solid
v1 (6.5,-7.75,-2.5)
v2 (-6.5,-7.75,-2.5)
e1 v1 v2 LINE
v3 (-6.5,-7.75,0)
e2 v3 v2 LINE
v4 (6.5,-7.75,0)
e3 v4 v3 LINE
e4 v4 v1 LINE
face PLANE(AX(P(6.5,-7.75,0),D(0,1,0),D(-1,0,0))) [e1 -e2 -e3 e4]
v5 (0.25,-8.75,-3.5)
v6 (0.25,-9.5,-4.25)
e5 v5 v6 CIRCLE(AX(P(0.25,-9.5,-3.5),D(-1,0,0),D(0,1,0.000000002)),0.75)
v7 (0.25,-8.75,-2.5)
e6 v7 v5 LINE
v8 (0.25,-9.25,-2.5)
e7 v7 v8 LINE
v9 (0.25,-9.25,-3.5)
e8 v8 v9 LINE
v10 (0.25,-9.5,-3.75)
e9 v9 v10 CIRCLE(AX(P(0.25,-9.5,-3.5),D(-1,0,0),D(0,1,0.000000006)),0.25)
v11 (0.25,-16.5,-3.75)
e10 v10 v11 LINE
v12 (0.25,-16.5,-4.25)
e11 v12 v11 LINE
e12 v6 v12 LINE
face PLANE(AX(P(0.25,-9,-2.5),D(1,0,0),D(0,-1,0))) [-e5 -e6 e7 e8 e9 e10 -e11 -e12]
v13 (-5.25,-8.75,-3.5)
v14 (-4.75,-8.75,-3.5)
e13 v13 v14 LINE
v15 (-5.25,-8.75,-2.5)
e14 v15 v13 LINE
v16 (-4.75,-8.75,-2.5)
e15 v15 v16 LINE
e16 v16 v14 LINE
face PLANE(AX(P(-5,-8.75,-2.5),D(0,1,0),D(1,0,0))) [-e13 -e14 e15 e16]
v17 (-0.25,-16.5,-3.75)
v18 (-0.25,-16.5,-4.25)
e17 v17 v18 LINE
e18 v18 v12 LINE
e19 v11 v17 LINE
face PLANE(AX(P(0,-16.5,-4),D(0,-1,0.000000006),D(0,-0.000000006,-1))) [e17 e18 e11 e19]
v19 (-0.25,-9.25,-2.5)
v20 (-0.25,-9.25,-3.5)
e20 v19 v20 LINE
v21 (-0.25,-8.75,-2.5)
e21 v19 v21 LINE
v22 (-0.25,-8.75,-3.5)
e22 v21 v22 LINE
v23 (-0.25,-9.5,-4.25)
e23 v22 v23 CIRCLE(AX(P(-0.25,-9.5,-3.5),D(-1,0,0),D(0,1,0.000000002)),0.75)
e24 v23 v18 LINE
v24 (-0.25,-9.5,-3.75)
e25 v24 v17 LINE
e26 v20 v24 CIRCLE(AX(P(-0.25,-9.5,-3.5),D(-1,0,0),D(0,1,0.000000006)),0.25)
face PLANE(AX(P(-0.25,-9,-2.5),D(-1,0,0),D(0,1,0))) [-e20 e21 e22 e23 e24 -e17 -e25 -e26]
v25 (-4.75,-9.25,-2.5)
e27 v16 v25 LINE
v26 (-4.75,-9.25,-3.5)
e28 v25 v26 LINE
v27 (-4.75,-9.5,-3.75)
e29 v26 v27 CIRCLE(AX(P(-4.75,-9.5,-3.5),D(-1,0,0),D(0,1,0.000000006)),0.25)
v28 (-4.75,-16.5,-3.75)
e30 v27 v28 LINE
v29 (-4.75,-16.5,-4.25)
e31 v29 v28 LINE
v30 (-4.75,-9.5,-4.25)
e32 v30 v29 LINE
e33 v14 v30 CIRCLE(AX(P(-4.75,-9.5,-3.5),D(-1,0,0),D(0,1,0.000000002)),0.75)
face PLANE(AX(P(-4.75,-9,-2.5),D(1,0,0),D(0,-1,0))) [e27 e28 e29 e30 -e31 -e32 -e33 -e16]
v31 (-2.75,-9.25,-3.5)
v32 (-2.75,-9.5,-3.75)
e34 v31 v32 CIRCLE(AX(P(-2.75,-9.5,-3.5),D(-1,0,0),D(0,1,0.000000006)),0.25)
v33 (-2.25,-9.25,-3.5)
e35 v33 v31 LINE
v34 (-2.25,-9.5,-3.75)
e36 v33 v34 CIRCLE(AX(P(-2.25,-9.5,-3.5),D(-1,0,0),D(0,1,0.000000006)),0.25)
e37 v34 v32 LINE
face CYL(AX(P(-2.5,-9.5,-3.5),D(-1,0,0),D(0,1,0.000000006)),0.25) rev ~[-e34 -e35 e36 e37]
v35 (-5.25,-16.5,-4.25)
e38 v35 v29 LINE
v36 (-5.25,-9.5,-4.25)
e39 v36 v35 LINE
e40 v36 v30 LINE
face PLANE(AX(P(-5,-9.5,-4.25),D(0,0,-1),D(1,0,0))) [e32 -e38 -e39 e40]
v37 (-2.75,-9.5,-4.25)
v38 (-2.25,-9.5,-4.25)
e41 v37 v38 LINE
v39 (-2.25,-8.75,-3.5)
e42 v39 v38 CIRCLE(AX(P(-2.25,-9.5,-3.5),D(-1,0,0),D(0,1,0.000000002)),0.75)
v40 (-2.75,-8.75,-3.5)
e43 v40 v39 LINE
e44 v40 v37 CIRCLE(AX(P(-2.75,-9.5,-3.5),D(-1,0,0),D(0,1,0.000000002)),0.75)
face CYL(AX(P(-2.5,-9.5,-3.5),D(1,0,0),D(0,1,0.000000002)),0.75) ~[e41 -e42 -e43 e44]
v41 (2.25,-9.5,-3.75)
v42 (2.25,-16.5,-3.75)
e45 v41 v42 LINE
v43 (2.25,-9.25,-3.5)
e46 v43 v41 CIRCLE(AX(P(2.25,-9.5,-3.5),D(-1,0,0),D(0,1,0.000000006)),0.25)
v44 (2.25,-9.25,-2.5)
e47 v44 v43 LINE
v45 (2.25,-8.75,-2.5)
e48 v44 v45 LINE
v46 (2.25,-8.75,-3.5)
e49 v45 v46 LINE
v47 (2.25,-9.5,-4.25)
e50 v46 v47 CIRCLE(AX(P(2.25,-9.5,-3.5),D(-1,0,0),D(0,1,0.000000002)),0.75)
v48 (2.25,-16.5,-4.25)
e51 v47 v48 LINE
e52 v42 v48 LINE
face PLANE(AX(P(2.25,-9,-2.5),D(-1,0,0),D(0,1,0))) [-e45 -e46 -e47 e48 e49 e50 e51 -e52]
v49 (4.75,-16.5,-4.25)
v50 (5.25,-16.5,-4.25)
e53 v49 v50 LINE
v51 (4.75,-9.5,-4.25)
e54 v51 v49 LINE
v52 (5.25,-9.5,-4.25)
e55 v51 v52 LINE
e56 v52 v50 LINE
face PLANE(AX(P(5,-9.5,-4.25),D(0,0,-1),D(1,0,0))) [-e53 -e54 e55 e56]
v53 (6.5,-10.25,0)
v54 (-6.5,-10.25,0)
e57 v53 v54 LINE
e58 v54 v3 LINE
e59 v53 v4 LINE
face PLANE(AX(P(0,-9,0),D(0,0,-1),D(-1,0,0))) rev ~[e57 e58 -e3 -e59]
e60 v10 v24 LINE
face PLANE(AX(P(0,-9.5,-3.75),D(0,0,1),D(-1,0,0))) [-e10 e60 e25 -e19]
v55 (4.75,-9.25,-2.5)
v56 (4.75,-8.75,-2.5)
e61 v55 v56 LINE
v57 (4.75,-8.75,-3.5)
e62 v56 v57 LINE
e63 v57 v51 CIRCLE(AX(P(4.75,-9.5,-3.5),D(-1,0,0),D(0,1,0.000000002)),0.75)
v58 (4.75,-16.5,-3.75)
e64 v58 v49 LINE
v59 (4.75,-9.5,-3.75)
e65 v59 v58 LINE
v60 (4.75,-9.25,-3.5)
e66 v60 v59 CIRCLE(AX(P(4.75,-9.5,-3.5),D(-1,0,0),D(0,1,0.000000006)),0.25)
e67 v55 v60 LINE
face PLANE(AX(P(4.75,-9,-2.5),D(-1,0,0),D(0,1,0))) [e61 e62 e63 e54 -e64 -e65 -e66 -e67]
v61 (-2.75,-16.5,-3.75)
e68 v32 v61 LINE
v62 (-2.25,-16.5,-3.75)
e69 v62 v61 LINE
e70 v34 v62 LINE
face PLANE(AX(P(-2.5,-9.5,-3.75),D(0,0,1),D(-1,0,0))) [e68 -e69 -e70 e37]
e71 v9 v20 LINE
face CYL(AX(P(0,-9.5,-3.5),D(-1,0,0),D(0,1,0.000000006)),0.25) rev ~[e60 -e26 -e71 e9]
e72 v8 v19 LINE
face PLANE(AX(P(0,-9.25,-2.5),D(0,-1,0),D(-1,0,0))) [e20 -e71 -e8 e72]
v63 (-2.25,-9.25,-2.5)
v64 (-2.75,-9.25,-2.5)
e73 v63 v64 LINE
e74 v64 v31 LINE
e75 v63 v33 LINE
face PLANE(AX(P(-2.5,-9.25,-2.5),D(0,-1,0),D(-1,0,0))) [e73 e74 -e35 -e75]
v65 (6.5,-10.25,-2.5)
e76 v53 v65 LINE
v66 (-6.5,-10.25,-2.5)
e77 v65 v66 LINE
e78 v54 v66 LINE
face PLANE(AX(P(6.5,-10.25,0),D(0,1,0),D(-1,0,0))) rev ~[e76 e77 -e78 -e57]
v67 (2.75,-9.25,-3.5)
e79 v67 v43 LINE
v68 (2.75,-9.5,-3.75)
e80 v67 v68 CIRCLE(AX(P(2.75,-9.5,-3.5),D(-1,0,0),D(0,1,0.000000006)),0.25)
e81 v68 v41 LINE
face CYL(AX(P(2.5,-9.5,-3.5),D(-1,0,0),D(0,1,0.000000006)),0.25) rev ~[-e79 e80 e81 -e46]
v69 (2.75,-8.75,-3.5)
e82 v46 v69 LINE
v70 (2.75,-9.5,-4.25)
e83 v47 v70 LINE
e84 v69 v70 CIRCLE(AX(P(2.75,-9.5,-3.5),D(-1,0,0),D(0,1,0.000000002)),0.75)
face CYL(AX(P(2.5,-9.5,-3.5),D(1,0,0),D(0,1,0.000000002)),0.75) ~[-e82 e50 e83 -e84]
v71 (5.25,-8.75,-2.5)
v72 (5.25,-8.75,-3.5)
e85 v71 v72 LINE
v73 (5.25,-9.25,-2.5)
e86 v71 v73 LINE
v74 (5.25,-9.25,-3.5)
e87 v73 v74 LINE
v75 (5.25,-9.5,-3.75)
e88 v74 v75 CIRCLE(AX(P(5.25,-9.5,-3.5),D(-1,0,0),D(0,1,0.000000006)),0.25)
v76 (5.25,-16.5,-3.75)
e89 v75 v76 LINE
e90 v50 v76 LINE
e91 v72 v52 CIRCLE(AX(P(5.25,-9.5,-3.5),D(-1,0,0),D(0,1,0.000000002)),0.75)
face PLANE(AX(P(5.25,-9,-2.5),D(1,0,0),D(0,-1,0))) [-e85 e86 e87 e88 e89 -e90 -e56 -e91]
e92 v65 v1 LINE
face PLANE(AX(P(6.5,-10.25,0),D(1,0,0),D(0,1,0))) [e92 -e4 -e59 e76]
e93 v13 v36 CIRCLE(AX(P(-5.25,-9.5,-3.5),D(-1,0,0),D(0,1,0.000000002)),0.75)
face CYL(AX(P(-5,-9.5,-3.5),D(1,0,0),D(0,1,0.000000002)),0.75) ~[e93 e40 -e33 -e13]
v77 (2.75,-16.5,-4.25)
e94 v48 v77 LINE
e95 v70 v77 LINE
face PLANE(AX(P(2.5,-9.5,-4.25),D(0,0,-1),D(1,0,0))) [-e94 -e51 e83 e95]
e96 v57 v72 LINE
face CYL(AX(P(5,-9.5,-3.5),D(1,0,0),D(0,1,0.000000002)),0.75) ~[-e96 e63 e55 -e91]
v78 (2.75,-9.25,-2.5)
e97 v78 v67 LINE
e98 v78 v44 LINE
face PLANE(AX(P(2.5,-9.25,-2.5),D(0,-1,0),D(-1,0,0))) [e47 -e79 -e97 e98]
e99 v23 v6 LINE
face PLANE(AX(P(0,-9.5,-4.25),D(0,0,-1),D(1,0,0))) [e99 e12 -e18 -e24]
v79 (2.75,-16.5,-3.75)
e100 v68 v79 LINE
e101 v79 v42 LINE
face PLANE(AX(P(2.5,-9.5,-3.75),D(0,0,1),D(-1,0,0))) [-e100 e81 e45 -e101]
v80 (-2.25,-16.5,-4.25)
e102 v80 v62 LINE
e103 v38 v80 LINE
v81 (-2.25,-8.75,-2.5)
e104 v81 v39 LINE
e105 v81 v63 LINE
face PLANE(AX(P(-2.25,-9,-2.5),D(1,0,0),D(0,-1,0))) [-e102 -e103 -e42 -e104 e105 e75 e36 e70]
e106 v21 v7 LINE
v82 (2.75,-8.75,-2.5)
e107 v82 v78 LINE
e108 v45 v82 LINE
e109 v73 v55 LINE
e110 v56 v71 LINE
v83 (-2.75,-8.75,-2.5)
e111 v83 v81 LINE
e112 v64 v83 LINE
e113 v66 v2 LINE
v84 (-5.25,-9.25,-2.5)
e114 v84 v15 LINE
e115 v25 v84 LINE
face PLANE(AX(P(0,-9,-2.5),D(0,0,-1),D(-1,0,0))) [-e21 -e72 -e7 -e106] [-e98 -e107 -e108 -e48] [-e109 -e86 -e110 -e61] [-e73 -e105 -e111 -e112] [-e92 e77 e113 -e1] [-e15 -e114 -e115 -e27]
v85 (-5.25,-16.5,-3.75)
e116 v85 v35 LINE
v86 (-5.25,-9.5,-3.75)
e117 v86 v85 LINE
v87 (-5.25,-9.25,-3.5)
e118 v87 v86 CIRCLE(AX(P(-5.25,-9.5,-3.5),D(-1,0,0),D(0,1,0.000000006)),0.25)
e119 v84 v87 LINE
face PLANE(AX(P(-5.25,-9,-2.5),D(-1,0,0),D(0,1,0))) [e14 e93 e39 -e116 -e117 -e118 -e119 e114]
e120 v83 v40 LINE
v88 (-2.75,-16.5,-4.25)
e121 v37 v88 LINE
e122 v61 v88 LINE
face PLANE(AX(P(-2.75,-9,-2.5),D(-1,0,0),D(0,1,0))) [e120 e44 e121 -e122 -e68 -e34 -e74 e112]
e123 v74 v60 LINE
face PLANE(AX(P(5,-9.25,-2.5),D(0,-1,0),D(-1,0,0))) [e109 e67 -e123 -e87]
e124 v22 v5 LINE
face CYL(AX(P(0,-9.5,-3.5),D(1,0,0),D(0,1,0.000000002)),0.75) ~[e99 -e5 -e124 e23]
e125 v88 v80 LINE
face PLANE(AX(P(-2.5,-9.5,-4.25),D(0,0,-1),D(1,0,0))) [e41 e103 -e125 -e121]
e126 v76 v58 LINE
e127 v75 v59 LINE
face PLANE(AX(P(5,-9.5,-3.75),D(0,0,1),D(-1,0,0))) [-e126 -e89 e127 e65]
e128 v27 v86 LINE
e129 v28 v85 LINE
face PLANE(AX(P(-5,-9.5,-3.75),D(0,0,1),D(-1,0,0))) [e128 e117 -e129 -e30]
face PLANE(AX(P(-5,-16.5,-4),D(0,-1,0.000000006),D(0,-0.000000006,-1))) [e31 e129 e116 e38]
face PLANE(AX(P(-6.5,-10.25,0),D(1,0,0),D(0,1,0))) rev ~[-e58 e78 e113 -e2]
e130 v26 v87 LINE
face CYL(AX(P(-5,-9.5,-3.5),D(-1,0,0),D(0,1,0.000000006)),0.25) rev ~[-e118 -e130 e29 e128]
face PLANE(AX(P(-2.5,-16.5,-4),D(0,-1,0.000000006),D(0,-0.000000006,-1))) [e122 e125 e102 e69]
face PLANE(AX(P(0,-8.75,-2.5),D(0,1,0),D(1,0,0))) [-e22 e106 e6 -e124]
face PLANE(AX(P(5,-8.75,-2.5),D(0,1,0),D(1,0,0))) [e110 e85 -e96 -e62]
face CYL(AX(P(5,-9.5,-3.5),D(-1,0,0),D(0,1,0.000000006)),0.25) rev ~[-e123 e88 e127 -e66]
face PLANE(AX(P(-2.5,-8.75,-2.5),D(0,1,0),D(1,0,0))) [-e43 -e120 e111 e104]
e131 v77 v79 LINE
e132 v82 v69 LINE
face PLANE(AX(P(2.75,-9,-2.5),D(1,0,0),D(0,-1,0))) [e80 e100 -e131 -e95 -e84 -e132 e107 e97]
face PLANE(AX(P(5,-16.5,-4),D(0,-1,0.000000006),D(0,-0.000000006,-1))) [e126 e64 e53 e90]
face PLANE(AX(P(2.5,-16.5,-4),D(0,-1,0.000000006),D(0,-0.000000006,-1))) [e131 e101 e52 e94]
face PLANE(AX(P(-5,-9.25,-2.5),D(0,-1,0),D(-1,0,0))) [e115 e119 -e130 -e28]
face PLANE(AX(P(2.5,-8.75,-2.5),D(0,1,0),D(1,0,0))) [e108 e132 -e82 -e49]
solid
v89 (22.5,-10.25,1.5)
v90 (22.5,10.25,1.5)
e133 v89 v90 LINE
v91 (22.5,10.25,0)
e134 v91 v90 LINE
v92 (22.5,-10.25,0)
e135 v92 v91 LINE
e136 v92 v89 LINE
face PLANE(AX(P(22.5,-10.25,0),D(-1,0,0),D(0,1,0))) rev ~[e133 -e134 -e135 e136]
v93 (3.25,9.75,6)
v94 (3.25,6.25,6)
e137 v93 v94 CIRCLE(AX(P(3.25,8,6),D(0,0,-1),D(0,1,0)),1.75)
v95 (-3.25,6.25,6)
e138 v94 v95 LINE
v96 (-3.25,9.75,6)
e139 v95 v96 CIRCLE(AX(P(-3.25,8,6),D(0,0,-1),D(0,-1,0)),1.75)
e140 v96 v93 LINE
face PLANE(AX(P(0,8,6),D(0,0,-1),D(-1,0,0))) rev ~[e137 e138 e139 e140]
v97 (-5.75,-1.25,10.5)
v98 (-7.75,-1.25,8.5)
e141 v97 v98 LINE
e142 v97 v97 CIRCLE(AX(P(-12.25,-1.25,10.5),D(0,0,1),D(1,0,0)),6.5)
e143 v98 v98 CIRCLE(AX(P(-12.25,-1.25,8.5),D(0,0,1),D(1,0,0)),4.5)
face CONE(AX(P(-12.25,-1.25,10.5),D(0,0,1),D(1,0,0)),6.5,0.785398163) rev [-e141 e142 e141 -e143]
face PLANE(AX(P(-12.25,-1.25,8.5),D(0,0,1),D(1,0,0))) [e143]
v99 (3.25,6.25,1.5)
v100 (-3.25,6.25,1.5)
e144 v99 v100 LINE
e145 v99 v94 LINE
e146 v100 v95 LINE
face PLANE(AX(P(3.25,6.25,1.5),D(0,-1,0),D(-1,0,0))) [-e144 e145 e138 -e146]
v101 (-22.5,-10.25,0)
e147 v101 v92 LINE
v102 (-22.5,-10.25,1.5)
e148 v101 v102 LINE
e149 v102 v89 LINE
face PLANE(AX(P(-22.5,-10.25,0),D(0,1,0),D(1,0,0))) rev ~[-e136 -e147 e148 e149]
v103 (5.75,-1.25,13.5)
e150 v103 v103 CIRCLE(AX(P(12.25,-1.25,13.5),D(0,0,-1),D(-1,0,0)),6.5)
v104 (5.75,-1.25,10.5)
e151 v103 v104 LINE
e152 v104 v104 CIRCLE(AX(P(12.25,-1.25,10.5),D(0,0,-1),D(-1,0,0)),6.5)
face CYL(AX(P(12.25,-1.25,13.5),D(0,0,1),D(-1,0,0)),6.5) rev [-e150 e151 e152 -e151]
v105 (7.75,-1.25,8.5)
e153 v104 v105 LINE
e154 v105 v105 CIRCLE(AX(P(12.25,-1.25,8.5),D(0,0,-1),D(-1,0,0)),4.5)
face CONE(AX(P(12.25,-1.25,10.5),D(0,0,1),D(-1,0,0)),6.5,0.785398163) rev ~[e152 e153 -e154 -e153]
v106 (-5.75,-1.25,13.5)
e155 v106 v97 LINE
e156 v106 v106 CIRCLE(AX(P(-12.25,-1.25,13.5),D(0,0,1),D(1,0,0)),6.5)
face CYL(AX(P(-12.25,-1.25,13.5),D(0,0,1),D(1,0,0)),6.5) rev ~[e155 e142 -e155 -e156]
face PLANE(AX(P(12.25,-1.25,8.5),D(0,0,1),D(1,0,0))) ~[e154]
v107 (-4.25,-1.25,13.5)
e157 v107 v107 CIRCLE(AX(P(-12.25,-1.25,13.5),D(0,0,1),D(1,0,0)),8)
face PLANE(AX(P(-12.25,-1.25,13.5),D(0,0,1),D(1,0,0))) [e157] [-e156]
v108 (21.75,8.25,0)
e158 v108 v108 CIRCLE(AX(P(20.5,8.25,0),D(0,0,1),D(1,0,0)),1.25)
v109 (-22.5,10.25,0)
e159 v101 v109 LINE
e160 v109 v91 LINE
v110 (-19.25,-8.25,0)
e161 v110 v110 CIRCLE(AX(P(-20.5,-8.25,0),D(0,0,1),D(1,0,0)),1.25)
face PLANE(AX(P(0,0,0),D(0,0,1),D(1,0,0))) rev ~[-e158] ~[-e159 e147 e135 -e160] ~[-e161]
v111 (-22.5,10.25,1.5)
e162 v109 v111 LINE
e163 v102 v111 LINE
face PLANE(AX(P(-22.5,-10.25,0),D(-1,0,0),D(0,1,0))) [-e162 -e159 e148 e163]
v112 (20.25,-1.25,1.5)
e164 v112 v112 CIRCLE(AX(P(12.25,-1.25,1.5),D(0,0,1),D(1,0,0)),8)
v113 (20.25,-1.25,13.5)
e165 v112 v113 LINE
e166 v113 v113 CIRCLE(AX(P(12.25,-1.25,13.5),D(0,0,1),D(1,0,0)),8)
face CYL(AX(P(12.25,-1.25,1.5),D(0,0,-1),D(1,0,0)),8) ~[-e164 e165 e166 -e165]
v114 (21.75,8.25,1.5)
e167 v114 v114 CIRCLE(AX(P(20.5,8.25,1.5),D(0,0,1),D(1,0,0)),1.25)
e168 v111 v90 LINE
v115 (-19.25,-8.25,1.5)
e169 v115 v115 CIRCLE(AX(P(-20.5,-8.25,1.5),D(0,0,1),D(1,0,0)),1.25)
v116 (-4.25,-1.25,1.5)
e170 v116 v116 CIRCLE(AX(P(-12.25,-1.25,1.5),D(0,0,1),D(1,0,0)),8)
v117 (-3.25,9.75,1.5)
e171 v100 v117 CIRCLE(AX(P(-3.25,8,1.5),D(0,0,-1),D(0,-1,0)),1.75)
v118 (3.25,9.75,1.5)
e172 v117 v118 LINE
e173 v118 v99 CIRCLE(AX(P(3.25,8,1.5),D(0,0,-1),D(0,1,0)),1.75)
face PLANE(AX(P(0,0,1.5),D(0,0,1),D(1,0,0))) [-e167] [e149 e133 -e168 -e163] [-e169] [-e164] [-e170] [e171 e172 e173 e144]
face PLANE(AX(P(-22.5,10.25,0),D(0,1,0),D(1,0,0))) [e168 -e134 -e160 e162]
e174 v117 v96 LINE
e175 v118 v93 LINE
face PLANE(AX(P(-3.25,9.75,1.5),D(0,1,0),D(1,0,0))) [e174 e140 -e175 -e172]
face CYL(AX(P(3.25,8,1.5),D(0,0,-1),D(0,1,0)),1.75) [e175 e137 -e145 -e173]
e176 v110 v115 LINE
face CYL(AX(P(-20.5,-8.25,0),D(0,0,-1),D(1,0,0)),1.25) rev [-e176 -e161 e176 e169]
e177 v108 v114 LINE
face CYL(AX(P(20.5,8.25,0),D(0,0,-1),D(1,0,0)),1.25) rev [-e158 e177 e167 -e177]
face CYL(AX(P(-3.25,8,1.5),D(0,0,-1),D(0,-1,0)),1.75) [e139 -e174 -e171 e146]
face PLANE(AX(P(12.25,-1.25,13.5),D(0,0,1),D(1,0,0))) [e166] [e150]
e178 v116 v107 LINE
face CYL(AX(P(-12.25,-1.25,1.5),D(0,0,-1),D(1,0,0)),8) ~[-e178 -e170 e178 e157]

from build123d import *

# Parameters (mm, degrees)
SKETCH1_W                = 45
SKETCH1_H                = 20.5
SKETCH1_R                = 1.25
BOSS_EXTRUDE1_DEPTH      = 1.5
SKETCH2_R                = 8
BOSS_EXTRUDE2_DEPTH      = 12
BOSS_EXTRUDE3_DEPTH      = 4.5
SKETCH4_R                = 6.5
CUT_EXTRUDE2_DEPTH       = 5
CHAMFER1_SIZE            = 2
CHAMFER1_OF_MIRROR1_SIZE = 2
SKETCH5_W                = 13
SKETCH5_H                = 2.5
BOSS_EXTRUDE4_DEPTH      = 2.5
SKETCH7_W                = 0.5
SKETCH7_H                = 0.5
LPATTERN1_COUNT          = 3
LPATTERN1_PITCH          = 2.5
LPATTERN1_COL_COUNT      = 3
LPATTERN1_COL_PITCH      = 2.5


with BuildPart() as part:
    # Sketch1 → Boss-Extrude1 (new body)
    with BuildSketch(Plane.XY):
        Rectangle(SKETCH1_W, SKETCH1_H)
        with Locations((20.5, 8.25)):
            Circle(SKETCH1_R, mode=Mode.SUBTRACT)
        with Locations((-20.5, -8.25)):
            Circle(SKETCH1_R, mode=Mode.SUBTRACT)
    extrude(amount=BOSS_EXTRUDE1_DEPTH)

    # Sketch2 → Boss-Extrude2 (add)
    with BuildSketch(Plane.XY.offset(1.5)):
        with Locations((-12.25, -1.25)):
            Circle(SKETCH2_R)
        with Locations((12.25, -1.25)):
            Circle(SKETCH2_R)
    extrude(amount=BOSS_EXTRUDE2_DEPTH)

    # Sketch3 → Boss-Extrude3 (add)
    with BuildSketch(Plane.XY.offset(1.5)):
        with BuildLine():
            Line((-3.25, 9.75), (3.25, 9.75))
            ThreePointArc((3.25, 9.75), (5, 8), (3.25, 6.25))
            Line((3.25, 6.25), (-3.25, 6.25))
            ThreePointArc((-3.25, 6.25), (-5, 8), (-3.25, 9.75))
        make_face()
    extrude(amount=BOSS_EXTRUDE3_DEPTH)

    # Sketch4 → Cut-Extrude2 (cut)
    with BuildSketch(Plane.XY.offset(13.5)):
        with Locations((-12.25, -1.25)):
            Circle(SKETCH4_R)
    cut_extrude2 = extrude(amount=-CUT_EXTRUDE2_DEPTH, mode=Mode.SUBTRACT)

    # Chamfer1
    chamfer1_edges = [part.edges().sort_by_distance(p)[0] for p in [
        (-18.75, -1.25, 8.5),
    ]]
    chamfer(chamfer1_edges, length=CHAMFER1_SIZE)

    # Mirror1: Cut-Extrude2 across plane
    add(cut_extrude2.mirror(Plane(origin=(0, 0, 0), x_dir=(0, 0, 1), z_dir=(1, 0, 0))), mode=Mode.SUBTRACT)

    # Chamfer1 of Mirror1
    chamfer1_of_mirror1_edges = [part.edges().sort_by_distance(p)[0] for p in [
        (18.75, -1.25, 8.5),
    ]]
    chamfer(chamfer1_of_mirror1_edges, length=CHAMFER1_OF_MIRROR1_SIZE)


with BuildPart() as body_2:
    # Sketch5 → Boss-Extrude4 (new body)
    with BuildSketch(Plane(origin=(0, 0, 0), x_dir=(-1, 0, 0), z_dir=(0, 0, -1))):
        with Locations((0, -9)):
            Rectangle(SKETCH5_W, SKETCH5_H)
    extrude(amount=BOSS_EXTRUDE4_DEPTH)

    # Sweep1: sweep along a path in Sketch6
    with BuildLine(Plane(origin=(0, 0, 0), x_dir=(0, 0, -1), z_dir=(1, 0, 0))) as sweep1_path:
        Line((2.5, -9), (3.5, -9))
        ThreePointArc((3.5, -9), (3.853553391, -9.146446609), (4, -9.5))
        Line((4, -9.5), (4, -16.5))
    # Sketch7 → Sweep1 (sweep)
    with BuildSketch(Plane(origin=(0, 0, -2.5), x_dir=(-1, 0, 0), z_dir=(0, 0, -1))):
        with Locations((0, -9)):
            Rectangle(SKETCH7_W, SKETCH7_H)
    sweep1 = sweep(path=sweep1_path.line)

    # LPattern1: Sweep1 ×3
    with Locations(*[(-i * LPATTERN1_PITCH, 0, 0) for i in range(1, LPATTERN1_COUNT)]):
        add(sweep1)

    # LPattern1 col: Sweep1 ×3
    with Locations(*[(i * LPATTERN1_COL_PITCH, 0, 0) for i in range(1, LPATTERN1_COL_COUNT)]):
        add(sweep1)


solid = Compound([part.part, body_2.part])
